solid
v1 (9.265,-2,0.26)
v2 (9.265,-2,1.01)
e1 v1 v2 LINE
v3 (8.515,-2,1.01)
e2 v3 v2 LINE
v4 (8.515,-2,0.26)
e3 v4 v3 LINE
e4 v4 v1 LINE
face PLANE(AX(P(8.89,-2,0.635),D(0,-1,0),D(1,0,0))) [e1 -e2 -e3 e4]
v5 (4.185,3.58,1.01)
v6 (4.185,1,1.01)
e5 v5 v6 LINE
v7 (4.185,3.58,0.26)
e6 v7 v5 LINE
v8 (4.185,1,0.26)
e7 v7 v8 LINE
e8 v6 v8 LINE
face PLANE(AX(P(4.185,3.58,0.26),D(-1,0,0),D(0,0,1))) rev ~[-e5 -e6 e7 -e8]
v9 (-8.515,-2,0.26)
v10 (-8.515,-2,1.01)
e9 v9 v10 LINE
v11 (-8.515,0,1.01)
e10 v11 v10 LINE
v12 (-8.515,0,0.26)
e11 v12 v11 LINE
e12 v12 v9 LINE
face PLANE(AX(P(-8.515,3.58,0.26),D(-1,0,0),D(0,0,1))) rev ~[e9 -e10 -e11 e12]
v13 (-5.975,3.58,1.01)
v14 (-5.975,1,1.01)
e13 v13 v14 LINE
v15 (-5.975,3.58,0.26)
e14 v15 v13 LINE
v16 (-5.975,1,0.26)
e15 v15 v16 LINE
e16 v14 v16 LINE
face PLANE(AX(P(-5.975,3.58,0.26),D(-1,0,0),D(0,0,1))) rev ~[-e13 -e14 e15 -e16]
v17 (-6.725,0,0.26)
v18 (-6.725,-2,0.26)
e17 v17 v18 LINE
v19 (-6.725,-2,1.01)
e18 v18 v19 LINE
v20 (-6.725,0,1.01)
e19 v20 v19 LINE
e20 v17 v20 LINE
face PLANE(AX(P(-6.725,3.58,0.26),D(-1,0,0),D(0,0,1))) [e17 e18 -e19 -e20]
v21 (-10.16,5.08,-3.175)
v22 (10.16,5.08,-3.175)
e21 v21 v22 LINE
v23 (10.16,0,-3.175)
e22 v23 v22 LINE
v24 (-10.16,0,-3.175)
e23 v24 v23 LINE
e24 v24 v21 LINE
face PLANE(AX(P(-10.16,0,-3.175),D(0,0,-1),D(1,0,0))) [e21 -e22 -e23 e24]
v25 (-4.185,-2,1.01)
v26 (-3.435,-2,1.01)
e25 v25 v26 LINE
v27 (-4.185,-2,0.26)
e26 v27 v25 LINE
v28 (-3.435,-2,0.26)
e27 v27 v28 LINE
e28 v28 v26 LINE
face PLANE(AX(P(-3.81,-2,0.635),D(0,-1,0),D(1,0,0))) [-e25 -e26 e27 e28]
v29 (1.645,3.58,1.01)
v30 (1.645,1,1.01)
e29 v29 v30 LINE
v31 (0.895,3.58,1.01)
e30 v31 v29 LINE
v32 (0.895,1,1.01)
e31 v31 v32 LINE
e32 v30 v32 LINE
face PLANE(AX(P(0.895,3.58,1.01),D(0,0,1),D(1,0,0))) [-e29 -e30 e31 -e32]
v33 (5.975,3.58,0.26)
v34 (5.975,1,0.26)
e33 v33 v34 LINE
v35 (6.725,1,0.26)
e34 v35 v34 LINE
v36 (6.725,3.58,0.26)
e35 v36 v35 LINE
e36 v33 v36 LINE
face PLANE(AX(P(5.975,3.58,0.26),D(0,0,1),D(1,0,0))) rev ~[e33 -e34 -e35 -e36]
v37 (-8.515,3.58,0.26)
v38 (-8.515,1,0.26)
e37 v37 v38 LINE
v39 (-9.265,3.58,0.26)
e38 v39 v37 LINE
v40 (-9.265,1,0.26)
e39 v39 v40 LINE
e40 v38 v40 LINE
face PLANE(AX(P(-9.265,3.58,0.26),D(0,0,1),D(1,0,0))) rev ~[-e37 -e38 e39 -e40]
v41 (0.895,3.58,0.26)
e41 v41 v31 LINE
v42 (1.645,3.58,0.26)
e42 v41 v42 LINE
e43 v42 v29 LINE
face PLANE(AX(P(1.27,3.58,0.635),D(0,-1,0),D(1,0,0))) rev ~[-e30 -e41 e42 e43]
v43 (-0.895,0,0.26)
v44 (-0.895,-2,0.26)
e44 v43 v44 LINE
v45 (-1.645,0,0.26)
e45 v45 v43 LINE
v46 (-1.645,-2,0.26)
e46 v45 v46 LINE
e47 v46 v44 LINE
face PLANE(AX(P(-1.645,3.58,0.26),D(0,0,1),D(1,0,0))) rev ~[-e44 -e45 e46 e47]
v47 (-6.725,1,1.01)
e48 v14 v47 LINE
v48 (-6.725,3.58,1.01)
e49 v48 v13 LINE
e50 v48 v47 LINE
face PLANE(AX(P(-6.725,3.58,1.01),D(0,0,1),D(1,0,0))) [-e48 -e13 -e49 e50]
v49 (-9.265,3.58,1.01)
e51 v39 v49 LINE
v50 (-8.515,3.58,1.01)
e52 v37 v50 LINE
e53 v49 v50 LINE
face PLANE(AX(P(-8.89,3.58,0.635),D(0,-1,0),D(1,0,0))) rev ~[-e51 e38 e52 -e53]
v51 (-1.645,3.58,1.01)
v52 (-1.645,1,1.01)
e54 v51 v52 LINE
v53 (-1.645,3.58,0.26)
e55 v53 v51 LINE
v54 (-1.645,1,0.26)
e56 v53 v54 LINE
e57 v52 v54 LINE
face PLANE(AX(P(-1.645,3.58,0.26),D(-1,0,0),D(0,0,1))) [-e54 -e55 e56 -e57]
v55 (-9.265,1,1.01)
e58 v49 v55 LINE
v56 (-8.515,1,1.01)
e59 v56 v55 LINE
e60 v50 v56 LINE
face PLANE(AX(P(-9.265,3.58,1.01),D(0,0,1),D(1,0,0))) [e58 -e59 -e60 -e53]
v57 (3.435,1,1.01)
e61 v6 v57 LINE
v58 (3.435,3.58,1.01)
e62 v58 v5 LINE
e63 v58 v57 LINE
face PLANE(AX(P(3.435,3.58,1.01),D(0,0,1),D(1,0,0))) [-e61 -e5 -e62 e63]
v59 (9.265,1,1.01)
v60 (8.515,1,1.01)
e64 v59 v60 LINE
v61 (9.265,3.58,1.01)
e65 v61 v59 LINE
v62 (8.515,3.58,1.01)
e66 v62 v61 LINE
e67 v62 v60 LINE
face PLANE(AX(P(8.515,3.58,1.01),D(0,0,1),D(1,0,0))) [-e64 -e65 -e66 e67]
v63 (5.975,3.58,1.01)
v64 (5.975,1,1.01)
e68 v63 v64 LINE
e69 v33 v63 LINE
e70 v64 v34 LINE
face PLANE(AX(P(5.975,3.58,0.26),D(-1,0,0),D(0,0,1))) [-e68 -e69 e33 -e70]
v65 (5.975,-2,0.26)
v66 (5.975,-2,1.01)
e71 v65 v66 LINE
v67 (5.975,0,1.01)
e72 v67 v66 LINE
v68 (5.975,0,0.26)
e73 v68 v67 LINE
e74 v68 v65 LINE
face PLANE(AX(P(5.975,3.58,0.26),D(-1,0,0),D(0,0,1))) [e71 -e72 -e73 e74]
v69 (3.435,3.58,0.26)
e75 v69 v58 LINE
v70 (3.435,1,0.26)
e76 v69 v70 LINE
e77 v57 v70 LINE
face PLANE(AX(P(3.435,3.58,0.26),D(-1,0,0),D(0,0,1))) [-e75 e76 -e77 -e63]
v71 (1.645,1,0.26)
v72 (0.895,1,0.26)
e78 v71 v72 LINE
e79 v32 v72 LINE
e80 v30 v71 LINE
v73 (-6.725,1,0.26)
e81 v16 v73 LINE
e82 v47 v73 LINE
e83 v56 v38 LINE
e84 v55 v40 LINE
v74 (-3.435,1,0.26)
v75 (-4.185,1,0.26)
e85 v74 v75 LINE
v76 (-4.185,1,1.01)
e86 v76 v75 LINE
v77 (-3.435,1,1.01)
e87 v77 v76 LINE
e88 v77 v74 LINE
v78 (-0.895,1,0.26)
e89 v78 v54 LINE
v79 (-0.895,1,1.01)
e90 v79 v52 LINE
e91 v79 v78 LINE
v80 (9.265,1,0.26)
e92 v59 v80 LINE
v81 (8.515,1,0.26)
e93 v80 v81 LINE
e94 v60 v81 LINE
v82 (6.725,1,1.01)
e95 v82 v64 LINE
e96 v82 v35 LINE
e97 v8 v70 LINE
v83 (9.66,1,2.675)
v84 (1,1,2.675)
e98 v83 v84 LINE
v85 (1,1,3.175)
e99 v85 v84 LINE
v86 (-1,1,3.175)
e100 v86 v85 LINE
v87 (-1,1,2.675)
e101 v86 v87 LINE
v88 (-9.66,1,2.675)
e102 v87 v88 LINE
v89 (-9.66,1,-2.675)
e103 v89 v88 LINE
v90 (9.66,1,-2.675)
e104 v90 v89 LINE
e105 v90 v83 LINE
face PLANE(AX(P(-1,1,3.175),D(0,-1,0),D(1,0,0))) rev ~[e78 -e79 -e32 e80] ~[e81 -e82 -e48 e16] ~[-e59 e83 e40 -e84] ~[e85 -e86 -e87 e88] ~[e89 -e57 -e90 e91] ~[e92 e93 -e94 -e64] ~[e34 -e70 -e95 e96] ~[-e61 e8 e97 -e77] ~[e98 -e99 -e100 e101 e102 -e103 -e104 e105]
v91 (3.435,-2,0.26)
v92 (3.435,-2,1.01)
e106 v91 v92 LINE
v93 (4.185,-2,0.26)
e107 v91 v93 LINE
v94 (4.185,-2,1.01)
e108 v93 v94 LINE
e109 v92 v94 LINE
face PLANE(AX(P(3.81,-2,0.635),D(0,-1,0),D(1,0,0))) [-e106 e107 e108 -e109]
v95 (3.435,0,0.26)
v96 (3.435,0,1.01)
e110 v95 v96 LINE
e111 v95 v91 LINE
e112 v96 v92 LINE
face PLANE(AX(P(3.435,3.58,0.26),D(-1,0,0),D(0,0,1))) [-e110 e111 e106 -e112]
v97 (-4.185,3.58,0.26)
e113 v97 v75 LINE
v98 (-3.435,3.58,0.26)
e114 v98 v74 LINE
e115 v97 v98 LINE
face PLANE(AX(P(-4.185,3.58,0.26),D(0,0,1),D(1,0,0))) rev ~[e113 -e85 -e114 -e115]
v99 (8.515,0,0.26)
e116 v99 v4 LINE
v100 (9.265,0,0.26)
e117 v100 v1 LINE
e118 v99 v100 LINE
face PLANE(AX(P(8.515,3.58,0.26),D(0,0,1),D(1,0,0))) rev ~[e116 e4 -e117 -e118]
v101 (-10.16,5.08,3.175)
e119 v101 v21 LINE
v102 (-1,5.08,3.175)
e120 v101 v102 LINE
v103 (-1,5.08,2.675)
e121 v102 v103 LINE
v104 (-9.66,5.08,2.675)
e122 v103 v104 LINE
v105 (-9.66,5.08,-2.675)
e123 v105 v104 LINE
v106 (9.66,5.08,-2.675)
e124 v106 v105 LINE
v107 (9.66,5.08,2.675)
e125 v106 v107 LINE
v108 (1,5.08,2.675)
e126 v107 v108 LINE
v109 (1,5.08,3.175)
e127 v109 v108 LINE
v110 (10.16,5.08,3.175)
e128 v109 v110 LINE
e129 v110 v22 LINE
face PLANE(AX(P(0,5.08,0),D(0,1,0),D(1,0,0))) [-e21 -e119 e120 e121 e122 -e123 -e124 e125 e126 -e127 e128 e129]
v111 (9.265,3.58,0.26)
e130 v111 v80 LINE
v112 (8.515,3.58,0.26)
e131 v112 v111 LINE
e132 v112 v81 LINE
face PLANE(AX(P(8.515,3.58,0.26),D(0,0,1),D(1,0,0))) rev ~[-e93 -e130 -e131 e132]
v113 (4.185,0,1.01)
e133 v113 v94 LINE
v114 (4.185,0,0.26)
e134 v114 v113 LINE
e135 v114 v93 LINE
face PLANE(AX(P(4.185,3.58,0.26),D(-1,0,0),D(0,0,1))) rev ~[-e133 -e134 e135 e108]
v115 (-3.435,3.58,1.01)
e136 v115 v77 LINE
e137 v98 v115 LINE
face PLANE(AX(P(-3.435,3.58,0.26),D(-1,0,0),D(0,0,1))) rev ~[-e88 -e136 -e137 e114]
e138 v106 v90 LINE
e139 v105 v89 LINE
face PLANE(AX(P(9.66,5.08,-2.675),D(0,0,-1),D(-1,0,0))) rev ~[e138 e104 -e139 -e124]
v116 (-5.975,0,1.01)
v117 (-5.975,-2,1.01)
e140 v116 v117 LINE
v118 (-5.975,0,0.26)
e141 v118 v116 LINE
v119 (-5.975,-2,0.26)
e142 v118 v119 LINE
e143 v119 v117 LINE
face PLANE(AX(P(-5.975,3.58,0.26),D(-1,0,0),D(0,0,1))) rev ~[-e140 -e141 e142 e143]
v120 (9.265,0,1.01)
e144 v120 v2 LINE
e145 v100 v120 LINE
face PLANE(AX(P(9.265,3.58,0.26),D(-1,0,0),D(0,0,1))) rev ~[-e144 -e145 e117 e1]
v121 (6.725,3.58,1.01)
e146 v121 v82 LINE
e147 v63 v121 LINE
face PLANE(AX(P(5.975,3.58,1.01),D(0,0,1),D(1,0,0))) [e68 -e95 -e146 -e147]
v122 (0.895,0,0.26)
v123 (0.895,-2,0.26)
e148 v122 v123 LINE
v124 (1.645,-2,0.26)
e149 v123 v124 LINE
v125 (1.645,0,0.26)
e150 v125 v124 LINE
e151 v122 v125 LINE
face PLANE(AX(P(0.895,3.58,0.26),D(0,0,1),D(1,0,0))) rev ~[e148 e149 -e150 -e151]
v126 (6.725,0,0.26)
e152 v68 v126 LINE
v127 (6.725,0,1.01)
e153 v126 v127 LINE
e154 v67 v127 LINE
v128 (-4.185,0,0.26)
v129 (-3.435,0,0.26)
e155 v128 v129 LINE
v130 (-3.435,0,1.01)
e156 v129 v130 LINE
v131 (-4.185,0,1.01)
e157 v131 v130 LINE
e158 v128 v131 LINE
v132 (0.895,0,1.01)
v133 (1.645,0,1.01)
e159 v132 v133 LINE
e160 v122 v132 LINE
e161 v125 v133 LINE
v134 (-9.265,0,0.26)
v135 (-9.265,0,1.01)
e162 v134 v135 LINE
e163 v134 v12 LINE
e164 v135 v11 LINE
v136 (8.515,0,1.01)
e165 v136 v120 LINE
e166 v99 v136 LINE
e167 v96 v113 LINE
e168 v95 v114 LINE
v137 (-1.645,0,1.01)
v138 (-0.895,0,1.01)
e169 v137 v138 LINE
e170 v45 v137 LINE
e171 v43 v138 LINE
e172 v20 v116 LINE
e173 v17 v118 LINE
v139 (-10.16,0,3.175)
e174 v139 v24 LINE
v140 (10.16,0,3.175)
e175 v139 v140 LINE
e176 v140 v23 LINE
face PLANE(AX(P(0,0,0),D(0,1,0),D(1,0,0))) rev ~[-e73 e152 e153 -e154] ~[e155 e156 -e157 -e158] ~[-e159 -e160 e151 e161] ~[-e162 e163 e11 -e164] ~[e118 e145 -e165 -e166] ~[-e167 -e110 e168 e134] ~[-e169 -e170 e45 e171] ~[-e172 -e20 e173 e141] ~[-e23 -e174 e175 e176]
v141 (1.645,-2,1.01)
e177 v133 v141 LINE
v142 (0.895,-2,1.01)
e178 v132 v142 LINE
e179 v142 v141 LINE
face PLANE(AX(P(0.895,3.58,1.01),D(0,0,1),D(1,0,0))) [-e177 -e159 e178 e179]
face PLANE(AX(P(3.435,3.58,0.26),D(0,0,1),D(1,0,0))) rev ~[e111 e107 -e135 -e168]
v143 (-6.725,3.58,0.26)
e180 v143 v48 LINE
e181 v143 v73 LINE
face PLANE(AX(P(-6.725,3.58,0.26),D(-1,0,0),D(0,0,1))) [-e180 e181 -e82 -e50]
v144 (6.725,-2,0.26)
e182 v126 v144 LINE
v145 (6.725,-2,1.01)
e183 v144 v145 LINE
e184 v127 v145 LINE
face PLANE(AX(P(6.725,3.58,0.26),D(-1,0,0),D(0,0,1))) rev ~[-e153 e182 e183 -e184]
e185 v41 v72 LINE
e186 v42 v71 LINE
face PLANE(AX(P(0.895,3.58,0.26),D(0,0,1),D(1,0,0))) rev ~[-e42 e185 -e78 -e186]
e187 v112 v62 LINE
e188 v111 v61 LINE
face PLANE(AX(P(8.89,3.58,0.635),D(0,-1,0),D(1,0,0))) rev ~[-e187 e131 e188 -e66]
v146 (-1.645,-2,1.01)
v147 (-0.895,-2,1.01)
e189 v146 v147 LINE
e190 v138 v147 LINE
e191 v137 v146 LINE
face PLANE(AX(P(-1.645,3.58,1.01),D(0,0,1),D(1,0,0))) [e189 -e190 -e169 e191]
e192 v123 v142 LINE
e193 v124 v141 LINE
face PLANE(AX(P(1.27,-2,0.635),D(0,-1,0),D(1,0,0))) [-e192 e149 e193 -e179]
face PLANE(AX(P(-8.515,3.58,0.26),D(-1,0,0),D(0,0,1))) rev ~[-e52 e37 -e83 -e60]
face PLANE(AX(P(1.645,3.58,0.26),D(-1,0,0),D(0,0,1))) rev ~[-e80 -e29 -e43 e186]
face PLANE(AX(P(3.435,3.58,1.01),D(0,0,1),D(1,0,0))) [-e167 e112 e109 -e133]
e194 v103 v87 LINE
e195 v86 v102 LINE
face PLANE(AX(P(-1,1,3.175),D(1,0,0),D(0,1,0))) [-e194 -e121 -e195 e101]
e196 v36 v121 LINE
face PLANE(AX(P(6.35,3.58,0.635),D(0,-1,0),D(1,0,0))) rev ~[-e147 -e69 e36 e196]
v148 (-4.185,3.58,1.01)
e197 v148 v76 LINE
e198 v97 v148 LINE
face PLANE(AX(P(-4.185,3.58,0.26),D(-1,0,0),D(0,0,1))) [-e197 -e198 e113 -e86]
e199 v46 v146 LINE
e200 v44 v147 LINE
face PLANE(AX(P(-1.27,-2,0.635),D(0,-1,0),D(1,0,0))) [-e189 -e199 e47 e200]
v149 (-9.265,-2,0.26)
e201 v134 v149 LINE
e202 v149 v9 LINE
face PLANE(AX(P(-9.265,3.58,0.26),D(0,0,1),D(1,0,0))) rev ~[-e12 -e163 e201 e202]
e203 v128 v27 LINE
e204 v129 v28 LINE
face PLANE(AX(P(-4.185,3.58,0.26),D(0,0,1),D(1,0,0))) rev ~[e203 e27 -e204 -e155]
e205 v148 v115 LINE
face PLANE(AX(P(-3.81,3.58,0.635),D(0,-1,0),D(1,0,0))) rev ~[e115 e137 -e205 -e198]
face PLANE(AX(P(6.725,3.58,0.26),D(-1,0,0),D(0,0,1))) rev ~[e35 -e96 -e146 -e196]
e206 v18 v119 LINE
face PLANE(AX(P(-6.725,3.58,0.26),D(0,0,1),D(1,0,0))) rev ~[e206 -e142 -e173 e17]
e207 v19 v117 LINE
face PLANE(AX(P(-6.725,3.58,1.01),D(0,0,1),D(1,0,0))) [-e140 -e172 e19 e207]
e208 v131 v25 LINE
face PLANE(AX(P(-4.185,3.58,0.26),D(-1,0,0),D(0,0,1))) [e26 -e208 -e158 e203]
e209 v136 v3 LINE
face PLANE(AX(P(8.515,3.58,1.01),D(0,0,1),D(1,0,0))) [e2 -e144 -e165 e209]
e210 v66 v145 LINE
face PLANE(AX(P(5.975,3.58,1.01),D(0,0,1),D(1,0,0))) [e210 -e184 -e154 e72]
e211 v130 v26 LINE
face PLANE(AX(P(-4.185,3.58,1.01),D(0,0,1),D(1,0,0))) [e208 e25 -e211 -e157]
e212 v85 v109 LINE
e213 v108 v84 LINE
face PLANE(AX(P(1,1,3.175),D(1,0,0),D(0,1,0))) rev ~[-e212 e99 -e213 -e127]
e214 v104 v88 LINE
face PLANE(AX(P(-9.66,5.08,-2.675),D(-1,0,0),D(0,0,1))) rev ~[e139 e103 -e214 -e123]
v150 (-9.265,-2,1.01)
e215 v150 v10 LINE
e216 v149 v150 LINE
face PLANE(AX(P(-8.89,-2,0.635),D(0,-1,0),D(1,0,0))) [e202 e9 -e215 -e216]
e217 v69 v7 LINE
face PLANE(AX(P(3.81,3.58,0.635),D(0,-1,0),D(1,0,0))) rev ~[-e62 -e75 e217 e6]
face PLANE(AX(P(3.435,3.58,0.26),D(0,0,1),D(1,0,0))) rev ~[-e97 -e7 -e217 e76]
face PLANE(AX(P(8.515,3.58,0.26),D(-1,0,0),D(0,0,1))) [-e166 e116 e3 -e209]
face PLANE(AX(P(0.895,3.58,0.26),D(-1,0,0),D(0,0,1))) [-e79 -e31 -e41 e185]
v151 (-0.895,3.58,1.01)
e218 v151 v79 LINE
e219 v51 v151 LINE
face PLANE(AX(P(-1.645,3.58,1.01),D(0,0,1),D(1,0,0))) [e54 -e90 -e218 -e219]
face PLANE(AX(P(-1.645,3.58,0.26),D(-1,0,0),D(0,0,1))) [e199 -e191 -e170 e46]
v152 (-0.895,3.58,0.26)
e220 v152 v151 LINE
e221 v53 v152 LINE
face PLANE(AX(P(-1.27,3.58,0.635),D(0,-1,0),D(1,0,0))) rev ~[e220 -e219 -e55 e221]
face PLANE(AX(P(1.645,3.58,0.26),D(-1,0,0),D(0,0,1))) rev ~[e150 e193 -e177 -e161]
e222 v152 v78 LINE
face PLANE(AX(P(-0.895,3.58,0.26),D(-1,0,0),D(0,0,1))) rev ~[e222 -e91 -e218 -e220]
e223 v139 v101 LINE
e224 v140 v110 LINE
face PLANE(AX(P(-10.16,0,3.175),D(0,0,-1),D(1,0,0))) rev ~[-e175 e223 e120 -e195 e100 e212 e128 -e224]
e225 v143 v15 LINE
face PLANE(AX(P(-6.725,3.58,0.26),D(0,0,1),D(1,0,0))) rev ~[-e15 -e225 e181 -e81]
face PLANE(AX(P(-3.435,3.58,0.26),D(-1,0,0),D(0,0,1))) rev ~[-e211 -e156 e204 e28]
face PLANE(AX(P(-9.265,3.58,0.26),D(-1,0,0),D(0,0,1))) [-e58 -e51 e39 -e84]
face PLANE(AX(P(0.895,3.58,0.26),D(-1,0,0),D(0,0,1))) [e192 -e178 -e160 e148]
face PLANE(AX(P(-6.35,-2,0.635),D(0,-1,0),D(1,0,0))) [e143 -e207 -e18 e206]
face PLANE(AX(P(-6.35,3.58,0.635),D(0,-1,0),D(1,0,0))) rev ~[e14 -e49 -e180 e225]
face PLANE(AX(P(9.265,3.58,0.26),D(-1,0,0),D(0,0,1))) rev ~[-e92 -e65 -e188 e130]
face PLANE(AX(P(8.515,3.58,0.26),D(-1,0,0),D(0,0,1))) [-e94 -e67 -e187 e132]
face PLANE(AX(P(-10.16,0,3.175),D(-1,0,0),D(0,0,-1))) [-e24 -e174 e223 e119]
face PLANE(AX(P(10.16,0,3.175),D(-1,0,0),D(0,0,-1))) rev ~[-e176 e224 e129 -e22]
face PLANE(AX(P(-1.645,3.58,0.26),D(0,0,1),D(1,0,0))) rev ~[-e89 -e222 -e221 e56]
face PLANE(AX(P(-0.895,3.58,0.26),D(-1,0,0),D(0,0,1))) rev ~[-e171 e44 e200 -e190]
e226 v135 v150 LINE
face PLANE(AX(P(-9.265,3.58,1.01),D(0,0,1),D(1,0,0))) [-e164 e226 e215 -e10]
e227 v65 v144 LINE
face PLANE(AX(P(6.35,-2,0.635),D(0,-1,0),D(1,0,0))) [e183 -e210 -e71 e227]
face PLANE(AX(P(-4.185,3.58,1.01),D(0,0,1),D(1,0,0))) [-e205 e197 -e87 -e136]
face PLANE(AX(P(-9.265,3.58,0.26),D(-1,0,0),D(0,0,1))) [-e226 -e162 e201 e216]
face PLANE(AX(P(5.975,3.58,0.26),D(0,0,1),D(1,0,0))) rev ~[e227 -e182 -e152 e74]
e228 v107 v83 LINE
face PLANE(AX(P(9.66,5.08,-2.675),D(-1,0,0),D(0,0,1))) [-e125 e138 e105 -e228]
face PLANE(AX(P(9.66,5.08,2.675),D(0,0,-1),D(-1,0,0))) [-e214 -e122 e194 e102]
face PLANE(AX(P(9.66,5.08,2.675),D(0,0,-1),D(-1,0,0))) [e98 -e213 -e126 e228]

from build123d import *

# Parameters (mm, degrees)
SKETCH_1_W           = 20.32
SKETCH_1_H           = 6.35
EXTRUDE_1_DEPTH      = 5.08
SKETCH_2_W           = 19.32
SKETCH_2_H           = 5.35
CUT_EXTRUDE_1_DEPTH  = 4.08
SKETCH_3_W           = 2
SKETCH_3_H           = 4.08
CUT_EXTRUDE_2_DEPTH  = 1
EXTRUDE_2_DEPTH      = 2
EXTRUDE_2_DEPTH_BACK = 3.58
SKETCH_4_W           = 0.75
SKETCH_4_H           = 0.75


with BuildPart() as part:
    # 草图1 → 拉伸1 (new body)
    with BuildSketch(Plane(origin=(0, 0, 0), x_dir=(1, 0, 0), z_dir=(0, 1, 0))):
        Rectangle(SKETCH_1_W, SKETCH_1_H)
    extrude(amount=EXTRUDE_1_DEPTH)

    # 草图2 → 切除-拉伸1 (cut)
    with BuildSketch(Plane(origin=(0, 5.08, 0), x_dir=(-1, 0, 0), z_dir=(0, 1, 0))):
        Rectangle(SKETCH_2_W, SKETCH_2_H)
    extrude(amount=-CUT_EXTRUDE_1_DEPTH, mode=Mode.SUBTRACT)

    # 草图3 → 切除-拉伸2 (cut)
    with BuildSketch(Plane.XY.offset(3.175)):
        with Locations((0, 3.04)):
            Rectangle(SKETCH_3_W, SKETCH_3_H)
    extrude(amount=-CUT_EXTRUDE_2_DEPTH, mode=Mode.SUBTRACT)

    # 草图4 → 拉伸2 (add, two sides: drawn at the far end of the back side and taken through both)
    with BuildSketch(Plane.XZ.offset(-EXTRUDE_2_DEPTH_BACK)):
        with Locations((-1.27, 0.635)):
            Rectangle(SKETCH_4_W, SKETCH_4_H)
        with Locations((1.27, 0.635)):
            Rectangle(SKETCH_4_W, SKETCH_4_H)
        with Locations((3.81, 0.635)):
            Rectangle(SKETCH_4_W, SKETCH_4_H)
        with Locations((6.35, 0.635)):
            Rectangle(SKETCH_4_W, SKETCH_4_H)
        with Locations((-3.81, 0.635)):
            Rectangle(SKETCH_4_W, SKETCH_4_H)
        with Locations((-6.35, 0.635)):
            Rectangle(SKETCH_4_W, SKETCH_4_H)
        with Locations((-8.89, 0.635)):
            Rectangle(SKETCH_4_W, SKETCH_4_H)
        with Locations((8.89, 0.635)):
            Rectangle(SKETCH_4_W, SKETCH_4_H)
    extrude(amount=EXTRUDE_2_DEPTH + EXTRUDE_2_DEPTH_BACK)


solid = part.part
